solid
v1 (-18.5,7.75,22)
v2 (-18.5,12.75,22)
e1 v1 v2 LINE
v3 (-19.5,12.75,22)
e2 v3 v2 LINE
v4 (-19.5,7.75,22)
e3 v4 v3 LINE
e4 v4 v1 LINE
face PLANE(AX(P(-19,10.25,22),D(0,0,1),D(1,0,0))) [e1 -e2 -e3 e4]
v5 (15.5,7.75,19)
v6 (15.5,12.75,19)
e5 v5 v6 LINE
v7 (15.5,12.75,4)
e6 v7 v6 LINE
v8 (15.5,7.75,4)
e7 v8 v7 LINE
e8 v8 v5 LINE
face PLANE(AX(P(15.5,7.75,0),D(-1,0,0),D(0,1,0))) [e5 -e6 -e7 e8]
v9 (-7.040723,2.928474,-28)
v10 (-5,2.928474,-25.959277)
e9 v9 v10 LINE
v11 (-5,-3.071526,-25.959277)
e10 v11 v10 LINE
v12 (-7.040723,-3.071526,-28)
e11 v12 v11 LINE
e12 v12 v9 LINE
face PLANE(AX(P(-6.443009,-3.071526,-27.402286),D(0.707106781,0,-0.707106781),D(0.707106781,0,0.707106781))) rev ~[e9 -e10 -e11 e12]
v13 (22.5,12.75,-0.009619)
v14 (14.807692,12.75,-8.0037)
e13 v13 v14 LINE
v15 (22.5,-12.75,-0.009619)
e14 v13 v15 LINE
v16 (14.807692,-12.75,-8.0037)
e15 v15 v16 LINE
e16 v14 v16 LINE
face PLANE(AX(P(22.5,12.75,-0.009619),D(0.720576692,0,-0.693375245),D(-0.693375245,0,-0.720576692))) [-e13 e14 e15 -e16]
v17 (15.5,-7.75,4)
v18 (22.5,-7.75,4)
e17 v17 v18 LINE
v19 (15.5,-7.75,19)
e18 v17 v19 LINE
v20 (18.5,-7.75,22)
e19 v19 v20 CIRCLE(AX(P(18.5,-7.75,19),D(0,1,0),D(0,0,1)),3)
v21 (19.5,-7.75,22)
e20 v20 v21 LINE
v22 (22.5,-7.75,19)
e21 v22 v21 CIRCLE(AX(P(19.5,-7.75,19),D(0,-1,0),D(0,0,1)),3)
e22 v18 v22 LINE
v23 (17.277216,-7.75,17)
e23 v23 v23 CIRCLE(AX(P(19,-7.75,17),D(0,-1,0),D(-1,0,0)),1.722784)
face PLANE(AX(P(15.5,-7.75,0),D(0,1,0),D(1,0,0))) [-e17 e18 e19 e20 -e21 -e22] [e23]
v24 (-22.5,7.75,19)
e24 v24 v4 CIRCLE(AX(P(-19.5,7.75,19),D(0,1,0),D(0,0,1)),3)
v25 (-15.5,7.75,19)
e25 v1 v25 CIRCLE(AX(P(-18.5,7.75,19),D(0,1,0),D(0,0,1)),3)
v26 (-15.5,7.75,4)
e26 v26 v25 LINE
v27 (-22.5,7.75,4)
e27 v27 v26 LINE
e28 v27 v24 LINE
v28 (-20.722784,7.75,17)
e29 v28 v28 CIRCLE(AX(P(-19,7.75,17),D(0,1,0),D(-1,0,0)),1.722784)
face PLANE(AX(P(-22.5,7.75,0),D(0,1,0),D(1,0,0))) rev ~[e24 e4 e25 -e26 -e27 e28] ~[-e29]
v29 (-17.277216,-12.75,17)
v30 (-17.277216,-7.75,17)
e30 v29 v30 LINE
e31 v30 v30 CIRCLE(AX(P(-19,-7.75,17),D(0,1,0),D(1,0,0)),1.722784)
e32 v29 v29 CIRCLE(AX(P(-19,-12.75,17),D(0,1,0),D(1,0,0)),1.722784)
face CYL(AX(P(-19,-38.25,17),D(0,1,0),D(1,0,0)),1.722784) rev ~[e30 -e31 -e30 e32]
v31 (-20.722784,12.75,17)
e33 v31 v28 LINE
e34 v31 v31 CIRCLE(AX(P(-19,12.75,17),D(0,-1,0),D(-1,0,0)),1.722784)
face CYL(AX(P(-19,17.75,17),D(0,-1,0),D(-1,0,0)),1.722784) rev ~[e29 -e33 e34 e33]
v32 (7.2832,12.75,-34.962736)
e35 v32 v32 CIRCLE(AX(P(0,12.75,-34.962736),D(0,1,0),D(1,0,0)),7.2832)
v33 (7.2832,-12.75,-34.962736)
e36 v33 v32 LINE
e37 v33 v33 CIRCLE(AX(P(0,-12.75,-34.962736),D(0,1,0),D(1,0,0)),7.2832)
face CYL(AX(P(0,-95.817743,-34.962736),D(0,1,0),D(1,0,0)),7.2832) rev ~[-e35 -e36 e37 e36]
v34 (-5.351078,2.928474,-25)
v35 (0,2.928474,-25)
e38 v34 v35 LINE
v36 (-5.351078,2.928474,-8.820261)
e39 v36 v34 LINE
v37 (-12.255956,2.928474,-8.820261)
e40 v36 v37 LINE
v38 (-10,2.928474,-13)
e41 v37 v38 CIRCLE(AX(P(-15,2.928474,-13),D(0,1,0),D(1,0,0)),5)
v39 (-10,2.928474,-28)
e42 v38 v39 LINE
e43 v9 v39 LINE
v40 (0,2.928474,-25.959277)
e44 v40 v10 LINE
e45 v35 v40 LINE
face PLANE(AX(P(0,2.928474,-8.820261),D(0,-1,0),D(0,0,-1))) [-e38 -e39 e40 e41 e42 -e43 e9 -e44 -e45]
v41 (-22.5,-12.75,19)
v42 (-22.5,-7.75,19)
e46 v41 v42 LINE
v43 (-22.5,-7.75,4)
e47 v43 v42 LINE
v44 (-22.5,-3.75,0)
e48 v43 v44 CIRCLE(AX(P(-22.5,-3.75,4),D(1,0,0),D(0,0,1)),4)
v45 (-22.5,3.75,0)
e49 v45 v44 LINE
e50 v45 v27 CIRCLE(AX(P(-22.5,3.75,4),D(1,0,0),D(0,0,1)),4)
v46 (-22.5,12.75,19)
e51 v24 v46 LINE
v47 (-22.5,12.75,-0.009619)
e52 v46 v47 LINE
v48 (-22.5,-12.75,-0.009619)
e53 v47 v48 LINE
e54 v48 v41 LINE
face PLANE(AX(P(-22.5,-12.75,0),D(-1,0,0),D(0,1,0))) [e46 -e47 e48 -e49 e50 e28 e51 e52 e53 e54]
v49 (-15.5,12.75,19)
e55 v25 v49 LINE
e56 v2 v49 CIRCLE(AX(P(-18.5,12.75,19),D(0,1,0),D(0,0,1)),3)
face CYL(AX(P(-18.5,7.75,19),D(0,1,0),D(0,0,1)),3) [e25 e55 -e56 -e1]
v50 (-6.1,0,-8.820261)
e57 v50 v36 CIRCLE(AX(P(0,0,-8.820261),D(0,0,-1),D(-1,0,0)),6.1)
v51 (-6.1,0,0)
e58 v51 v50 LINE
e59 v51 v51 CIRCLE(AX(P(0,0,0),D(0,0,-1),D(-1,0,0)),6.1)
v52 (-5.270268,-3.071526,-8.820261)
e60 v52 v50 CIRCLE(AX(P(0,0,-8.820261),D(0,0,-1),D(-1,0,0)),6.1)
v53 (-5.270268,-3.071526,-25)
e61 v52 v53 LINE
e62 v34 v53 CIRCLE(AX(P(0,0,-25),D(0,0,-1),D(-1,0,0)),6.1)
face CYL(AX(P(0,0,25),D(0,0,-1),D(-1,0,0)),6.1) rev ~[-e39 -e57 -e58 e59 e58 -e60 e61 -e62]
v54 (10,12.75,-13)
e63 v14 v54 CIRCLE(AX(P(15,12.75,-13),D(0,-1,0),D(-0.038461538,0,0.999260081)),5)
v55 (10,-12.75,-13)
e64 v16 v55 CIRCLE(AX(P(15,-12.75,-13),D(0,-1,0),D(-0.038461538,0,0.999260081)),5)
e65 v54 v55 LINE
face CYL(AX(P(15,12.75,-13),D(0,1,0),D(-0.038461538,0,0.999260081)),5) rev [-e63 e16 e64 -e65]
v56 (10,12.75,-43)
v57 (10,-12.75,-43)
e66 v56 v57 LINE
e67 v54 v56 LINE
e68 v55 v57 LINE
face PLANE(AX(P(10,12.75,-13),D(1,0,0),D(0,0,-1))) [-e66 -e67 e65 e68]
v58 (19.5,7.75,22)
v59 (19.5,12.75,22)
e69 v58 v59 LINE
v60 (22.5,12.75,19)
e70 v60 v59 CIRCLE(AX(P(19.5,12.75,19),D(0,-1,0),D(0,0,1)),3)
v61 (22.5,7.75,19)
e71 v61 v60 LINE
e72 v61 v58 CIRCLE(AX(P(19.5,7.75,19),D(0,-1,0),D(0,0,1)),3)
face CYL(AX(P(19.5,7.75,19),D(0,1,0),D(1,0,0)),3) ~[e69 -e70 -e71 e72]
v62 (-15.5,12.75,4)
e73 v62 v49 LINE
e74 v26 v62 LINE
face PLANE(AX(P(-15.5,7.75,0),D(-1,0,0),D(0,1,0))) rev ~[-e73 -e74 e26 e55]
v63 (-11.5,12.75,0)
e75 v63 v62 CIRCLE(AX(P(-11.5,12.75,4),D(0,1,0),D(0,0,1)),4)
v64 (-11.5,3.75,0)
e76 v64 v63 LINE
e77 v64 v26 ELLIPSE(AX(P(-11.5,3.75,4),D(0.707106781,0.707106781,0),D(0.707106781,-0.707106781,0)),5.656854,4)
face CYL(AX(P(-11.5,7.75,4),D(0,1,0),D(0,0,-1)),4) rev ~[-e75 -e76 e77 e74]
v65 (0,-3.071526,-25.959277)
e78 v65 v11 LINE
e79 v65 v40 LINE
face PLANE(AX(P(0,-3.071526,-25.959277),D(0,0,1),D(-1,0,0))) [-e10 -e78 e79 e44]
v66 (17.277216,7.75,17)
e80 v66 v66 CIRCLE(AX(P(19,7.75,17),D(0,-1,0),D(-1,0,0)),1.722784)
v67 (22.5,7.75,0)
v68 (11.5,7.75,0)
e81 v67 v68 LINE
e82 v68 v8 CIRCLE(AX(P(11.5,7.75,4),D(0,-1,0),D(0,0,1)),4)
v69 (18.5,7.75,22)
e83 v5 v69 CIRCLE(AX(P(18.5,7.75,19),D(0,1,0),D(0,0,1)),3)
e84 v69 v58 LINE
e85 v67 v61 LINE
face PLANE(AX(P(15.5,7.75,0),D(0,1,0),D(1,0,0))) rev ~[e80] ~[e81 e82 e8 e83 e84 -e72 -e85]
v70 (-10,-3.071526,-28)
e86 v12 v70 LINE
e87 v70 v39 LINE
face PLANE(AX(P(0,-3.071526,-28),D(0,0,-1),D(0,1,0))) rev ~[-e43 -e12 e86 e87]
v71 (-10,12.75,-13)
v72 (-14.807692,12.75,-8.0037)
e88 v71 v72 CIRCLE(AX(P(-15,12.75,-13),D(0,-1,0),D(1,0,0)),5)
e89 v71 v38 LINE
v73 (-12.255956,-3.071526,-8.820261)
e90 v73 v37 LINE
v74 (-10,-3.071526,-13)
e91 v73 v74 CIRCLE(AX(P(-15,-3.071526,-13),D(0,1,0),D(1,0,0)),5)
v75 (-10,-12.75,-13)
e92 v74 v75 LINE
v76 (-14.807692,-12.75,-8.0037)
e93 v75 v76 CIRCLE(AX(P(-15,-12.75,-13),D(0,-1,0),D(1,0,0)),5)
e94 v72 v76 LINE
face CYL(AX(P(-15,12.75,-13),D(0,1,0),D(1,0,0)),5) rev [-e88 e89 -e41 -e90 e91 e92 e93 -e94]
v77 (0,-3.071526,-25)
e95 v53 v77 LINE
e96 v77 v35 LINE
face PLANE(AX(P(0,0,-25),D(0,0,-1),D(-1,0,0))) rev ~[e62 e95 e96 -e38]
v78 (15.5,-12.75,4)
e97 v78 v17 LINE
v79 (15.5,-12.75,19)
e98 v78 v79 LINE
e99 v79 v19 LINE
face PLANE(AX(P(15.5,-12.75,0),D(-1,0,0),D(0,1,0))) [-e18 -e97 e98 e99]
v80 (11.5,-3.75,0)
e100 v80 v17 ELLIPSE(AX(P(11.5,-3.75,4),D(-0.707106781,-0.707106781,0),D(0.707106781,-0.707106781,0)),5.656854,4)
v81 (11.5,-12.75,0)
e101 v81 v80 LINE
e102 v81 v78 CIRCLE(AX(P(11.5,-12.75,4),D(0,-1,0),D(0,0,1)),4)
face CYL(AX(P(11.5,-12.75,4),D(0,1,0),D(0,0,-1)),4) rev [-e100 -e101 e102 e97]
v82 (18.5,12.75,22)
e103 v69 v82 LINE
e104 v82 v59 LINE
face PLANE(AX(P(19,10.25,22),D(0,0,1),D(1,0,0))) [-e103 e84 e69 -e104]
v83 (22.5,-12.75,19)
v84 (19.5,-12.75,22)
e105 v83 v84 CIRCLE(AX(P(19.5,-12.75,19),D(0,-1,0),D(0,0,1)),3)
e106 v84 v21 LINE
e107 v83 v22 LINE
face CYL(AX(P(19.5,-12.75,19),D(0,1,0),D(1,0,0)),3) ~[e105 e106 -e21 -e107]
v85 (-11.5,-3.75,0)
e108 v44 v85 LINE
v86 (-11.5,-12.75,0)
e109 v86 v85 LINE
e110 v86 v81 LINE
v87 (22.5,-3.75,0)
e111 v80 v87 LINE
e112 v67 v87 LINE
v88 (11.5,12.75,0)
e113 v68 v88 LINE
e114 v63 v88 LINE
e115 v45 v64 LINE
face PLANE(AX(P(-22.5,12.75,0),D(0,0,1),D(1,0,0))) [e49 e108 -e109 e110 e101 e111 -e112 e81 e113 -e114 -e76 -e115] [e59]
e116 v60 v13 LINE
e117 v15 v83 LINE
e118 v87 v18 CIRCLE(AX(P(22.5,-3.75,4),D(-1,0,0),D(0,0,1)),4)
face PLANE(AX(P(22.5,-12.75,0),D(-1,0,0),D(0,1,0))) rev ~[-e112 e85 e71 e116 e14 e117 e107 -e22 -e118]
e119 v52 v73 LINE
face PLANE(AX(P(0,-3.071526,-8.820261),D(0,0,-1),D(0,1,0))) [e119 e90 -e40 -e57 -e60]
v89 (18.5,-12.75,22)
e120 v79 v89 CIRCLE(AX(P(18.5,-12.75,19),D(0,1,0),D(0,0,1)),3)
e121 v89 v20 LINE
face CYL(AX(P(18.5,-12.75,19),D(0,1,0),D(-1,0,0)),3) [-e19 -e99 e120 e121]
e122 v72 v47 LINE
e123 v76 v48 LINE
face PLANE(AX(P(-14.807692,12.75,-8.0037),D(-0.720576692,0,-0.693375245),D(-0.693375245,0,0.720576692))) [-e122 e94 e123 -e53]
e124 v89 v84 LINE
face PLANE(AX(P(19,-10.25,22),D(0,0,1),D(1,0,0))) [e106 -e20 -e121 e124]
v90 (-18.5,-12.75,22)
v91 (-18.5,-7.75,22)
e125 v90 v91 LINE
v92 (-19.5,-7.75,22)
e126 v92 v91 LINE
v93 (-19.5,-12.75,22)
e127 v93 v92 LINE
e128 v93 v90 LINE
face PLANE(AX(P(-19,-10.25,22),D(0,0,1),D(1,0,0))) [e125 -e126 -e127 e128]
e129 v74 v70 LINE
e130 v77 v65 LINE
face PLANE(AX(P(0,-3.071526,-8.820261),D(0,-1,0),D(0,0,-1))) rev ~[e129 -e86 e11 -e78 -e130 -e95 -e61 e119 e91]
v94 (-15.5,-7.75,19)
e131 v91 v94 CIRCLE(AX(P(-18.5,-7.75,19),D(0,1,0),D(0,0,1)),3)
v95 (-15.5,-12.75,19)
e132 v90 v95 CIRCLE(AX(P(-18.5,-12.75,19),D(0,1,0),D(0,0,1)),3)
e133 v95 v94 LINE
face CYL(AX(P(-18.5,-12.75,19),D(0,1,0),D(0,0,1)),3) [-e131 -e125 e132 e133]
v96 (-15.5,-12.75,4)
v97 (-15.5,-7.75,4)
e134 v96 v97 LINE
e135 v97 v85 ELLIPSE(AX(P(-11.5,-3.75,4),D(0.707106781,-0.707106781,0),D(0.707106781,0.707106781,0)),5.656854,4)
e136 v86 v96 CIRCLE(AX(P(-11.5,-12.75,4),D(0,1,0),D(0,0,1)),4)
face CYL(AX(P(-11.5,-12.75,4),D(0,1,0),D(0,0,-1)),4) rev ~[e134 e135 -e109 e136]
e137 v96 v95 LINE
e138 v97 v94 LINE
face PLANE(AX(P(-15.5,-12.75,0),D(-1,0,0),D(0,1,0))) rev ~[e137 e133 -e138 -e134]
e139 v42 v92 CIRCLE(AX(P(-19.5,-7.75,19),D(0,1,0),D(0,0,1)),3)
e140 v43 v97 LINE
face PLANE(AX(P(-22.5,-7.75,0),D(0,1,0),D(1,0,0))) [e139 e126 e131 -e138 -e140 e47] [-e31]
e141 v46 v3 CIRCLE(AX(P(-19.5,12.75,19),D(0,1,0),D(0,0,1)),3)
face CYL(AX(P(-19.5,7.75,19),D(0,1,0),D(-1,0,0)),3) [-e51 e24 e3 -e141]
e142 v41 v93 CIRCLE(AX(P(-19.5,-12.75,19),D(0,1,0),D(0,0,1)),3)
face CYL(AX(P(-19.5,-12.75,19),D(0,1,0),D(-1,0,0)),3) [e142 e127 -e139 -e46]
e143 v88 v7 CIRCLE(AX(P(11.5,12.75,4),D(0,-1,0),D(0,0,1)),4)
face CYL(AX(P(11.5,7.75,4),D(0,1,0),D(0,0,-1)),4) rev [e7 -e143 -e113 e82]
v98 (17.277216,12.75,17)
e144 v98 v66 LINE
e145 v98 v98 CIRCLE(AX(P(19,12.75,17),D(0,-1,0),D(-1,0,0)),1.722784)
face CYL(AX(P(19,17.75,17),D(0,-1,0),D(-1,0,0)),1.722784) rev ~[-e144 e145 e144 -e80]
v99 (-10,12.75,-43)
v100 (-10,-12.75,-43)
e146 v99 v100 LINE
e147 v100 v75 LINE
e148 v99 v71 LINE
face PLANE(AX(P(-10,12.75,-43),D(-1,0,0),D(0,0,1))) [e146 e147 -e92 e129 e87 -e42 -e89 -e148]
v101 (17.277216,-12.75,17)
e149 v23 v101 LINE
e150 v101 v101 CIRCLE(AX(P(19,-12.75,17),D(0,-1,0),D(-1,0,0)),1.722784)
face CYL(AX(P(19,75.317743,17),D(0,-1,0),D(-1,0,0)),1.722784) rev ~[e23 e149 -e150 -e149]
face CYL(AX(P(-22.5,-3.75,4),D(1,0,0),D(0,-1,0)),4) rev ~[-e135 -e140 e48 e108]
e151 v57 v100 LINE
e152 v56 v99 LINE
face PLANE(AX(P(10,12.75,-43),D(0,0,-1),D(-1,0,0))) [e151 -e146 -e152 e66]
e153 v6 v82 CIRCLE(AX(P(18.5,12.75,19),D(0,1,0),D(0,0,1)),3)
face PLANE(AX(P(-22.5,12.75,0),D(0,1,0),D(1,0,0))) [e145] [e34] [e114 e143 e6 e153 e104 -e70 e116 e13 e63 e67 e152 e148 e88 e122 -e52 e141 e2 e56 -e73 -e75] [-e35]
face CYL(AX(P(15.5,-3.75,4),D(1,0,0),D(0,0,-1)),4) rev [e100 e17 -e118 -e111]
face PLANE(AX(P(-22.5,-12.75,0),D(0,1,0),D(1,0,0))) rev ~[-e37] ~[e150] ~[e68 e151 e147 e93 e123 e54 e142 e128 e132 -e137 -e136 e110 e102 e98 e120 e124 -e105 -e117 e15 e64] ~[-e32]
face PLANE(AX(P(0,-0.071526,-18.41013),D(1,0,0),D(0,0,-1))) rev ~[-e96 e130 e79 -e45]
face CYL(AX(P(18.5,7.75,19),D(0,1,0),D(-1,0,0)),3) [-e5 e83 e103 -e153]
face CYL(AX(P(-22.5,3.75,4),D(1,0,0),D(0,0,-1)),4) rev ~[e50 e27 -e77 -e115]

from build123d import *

# Parameters (mm, degrees)
BOSS_EXTRU_1_DEPTH                    = 25.5
ENL_V_MAT_EXTRU_1_REACH               = 52.178
ESQUISSE2_W                           = 19.17973925
ESQUISSE2_H                           = 6
ESQUISSE3_W                           = 5
ESQUISSE3_H                           = 2.04072335
BOSS_EXTRU_2_DEPTH                    = 6
ESQUISSE4_W                           = 7
ESQUISSE4_H                           = 5
BOSS_EXTRU_3_DEPTH                    = 22
ESQUISSE5_W                           = 7
ESQUISSE5_H                           = 5
BOSS_EXTRU_4_DEPTH                    = 22
ESQUISSE6_W                           = 7
ESQUISSE6_H                           = 5
BOSS_EXTRU_5_DEPTH                    = 22
ESQUISSE7_W                           = 7
ESQUISSE7_H                           = 5
BOSS_EXTRU_6_DEPTH                    = 22
D_POUILLE1_ANGLE                      = 45
D_GAGEMENT_M121_D                     = 14.566399692
D_GAGEMENT_M31_D                      = 3.44556842
D_GAGEMENT_M31_DEPTH                  = 5
D_GAGEMENT_M32_D                      = 3.44556842
D_GAGEMENT_M33_D                      = 3.44556842
D_GAGEMENT_M33_DEPTH                  = 25.5
DIAM_TRE_DU_PER_AGE_12_2_12_2_1_D     = 12.2
DIAM_TRE_DU_PER_AGE_12_2_12_2_1_DEPTH = 25
CONG_1_R                              = 3
CONG_2_R                              = 4


with BuildPart() as part:
    # Esquisse1 → Boss.-Extru.1 (new body)
    with BuildSketch(Plane(origin=(0, 12.75, 0), x_dir=(1, 0, 0), z_dir=(0, 1, 0))):
        with BuildLine():
            Line((-22.5, 0), (22.5, 0))
            Line((22.5, 0), (22.5, 0.009618943))
            Line((22.5, 0.009618943), (14.807692308, 8.003699594))
            ThreePointArc((14.807692308, 8.003699594), (11.397116539, 9.533123774), (10, 13))
            Line((10, 13), (10, 43))
            Line((10, 43), (-10, 43))
            Line((-10, 43), (-10, 13))
            ThreePointArc((-10, 13), (-11.397116539, 9.533123774), (-14.807692308, 8.003699594))
            Line((-14.807692308, 8.003699594), (-22.5, 0.009618943))
            Line((-22.5, 0.009618943), (-22.5, 0))
        make_face()
    extrude(amount=-BOSS_EXTRU_1_DEPTH)

    # Esquisse2 → Enlèv. mat.-Extru.1 (cut, up to next)
    with BuildSketch(Plane(origin=(0, 0, 0), x_dir=(0, 0, -1), z_dir=(1, 0, 0)), mode=Mode.PRIVATE) as enl_v_mat_extru_1_sk1:
        with Locations((18.410130375, -0.071525989)):
            Rectangle(ESQUISSE2_W, ESQUISSE2_H)
    enl_v_mat_extru_1_tool1 = extrude(enl_v_mat_extru_1_sk1.sketch, amount=-ENL_V_MAT_EXTRU_1_REACH, mode=Mode.PRIVATE) & part.part
    add(enl_v_mat_extru_1_tool1.solids().sort_by_distance((0, -0.071526, -18.41013))[0], mode=Mode.SUBTRACT)

    # Esquisse3 → Boss.-Extru.2 (add)
    with BuildSketch(Plane(origin=(0, -3.071525989, 0), x_dir=(-1, 0, 0), z_dir=(0, 1, 0))):
        with Locations((2.5, -26.979638325)):
            Rectangle(ESQUISSE3_W, ESQUISSE3_H)
    extrude(amount=BOSS_EXTRU_2_DEPTH)

    # Esquisse4 → Boss.-Extru.3 (add)
    with BuildSketch(Plane.XY):
        with Locations((19, 10.25)):
            Rectangle(ESQUISSE4_W, ESQUISSE4_H)
    extrude(amount=BOSS_EXTRU_3_DEPTH)

    # Esquisse5 → Boss.-Extru.4 (add)
    with BuildSketch(Plane.XY):
        with Locations((-19, 10.25)):
            Rectangle(ESQUISSE5_W, ESQUISSE5_H)
    extrude(amount=BOSS_EXTRU_4_DEPTH)

    # Esquisse6 → Boss.-Extru.5 (add)
    with BuildSketch(Plane.XY):
        with Locations((19, -10.25)):
            Rectangle(ESQUISSE6_W, ESQUISSE6_H)
    extrude(amount=BOSS_EXTRU_5_DEPTH)

    # Esquisse7 → Boss.-Extru.6 (add)
    with BuildSketch(Plane.XY):
        with Locations((-19, -10.25)):
            Rectangle(ESQUISSE7_W, ESQUISSE7_H)
    extrude(amount=BOSS_EXTRU_6_DEPTH)

    # Dépouille1
    d_pouille1_faces = [part.faces().sort_by_distance(p)[0] for p in [
        (-5, -0.071525989, -26.979638325),
    ]]
    draft(d_pouille1_faces, Plane(origin=(0, 2.928474011, -25.95927665), x_dir=(0, 1, 0), z_dir=(0, 0, 1)), D_POUILLE1_ANGLE)

    # Dégagement M121 (through all)
    with Locations(Plane(origin=(0, -12.75, 0), x_dir=(-1, 0, 0), z_dir=(0, -1, 0))):
        with Locations((0, 34.962736357)):
            Hole(D_GAGEMENT_M121_D / 2)

    # Dégagement M31
    with Locations(Plane(origin=(0, 12.75, 0), x_dir=(1, 0, 0), z_dir=(0, 1, 0))):
        with Locations((-19, -17), (19, -17)):
            Hole(D_GAGEMENT_M31_D / 2, depth=D_GAGEMENT_M31_DEPTH)

    # Dégagement M32 (through all)
    with Locations(Plane(origin=(0, -7.75, 0), x_dir=(1, 0, 0), z_dir=(0, 1, 0))):
        with Locations((19, -17)):
            Hole(D_GAGEMENT_M32_D / 2)

    # Dégagement M33
    with Locations(Plane(origin=(0, -12.75, 0), x_dir=(-1, 0, 0), z_dir=(0, -1, 0))):
        with Locations((19, -17)):
            Hole(D_GAGEMENT_M33_D / 2, depth=D_GAGEMENT_M33_DEPTH)

    # Diamètre du perçage Ø12.2 (12.2)1
    with Locations(Plane.XY):
        with Locations((0, 0)):
            Hole(DIAM_TRE_DU_PER_AGE_12_2_12_2_1_D / 2, depth=DIAM_TRE_DU_PER_AGE_12_2_12_2_1_DEPTH)

    # Congé1
    cong_1_edges = [part.edges().sort_by_distance(p)[0] for p in [
        (15.5, -10.25, 22),
        (22.5, -10.25, 22),
        (-15.5, -10.25, 22),
        (-22.5, -10.25, 22),
        (15.5, 10.25, 22),
        (22.5, 10.25, 22),
        (-22.5, 10.25, 22),
        (-15.5, 10.25, 22),
    ]]
    fillet(cong_1_edges, radius=CONG_1_R)

    # Congé2
    cong_2_edges = [part.edges().sort_by_distance(p)[0] for p in [
        (-19, -7.75, 0),
        (-15.5, -10.25, 0),
        (15.5, 10.25, 0),
        (-19, 7.75, 0),
        (-15.5, 10.25, 0),
        (19, -7.75, 0),
        (15.5, -10.25, 0),
    ]]
    fillet(cong_2_edges, radius=CONG_2_R)


solid = part.part
